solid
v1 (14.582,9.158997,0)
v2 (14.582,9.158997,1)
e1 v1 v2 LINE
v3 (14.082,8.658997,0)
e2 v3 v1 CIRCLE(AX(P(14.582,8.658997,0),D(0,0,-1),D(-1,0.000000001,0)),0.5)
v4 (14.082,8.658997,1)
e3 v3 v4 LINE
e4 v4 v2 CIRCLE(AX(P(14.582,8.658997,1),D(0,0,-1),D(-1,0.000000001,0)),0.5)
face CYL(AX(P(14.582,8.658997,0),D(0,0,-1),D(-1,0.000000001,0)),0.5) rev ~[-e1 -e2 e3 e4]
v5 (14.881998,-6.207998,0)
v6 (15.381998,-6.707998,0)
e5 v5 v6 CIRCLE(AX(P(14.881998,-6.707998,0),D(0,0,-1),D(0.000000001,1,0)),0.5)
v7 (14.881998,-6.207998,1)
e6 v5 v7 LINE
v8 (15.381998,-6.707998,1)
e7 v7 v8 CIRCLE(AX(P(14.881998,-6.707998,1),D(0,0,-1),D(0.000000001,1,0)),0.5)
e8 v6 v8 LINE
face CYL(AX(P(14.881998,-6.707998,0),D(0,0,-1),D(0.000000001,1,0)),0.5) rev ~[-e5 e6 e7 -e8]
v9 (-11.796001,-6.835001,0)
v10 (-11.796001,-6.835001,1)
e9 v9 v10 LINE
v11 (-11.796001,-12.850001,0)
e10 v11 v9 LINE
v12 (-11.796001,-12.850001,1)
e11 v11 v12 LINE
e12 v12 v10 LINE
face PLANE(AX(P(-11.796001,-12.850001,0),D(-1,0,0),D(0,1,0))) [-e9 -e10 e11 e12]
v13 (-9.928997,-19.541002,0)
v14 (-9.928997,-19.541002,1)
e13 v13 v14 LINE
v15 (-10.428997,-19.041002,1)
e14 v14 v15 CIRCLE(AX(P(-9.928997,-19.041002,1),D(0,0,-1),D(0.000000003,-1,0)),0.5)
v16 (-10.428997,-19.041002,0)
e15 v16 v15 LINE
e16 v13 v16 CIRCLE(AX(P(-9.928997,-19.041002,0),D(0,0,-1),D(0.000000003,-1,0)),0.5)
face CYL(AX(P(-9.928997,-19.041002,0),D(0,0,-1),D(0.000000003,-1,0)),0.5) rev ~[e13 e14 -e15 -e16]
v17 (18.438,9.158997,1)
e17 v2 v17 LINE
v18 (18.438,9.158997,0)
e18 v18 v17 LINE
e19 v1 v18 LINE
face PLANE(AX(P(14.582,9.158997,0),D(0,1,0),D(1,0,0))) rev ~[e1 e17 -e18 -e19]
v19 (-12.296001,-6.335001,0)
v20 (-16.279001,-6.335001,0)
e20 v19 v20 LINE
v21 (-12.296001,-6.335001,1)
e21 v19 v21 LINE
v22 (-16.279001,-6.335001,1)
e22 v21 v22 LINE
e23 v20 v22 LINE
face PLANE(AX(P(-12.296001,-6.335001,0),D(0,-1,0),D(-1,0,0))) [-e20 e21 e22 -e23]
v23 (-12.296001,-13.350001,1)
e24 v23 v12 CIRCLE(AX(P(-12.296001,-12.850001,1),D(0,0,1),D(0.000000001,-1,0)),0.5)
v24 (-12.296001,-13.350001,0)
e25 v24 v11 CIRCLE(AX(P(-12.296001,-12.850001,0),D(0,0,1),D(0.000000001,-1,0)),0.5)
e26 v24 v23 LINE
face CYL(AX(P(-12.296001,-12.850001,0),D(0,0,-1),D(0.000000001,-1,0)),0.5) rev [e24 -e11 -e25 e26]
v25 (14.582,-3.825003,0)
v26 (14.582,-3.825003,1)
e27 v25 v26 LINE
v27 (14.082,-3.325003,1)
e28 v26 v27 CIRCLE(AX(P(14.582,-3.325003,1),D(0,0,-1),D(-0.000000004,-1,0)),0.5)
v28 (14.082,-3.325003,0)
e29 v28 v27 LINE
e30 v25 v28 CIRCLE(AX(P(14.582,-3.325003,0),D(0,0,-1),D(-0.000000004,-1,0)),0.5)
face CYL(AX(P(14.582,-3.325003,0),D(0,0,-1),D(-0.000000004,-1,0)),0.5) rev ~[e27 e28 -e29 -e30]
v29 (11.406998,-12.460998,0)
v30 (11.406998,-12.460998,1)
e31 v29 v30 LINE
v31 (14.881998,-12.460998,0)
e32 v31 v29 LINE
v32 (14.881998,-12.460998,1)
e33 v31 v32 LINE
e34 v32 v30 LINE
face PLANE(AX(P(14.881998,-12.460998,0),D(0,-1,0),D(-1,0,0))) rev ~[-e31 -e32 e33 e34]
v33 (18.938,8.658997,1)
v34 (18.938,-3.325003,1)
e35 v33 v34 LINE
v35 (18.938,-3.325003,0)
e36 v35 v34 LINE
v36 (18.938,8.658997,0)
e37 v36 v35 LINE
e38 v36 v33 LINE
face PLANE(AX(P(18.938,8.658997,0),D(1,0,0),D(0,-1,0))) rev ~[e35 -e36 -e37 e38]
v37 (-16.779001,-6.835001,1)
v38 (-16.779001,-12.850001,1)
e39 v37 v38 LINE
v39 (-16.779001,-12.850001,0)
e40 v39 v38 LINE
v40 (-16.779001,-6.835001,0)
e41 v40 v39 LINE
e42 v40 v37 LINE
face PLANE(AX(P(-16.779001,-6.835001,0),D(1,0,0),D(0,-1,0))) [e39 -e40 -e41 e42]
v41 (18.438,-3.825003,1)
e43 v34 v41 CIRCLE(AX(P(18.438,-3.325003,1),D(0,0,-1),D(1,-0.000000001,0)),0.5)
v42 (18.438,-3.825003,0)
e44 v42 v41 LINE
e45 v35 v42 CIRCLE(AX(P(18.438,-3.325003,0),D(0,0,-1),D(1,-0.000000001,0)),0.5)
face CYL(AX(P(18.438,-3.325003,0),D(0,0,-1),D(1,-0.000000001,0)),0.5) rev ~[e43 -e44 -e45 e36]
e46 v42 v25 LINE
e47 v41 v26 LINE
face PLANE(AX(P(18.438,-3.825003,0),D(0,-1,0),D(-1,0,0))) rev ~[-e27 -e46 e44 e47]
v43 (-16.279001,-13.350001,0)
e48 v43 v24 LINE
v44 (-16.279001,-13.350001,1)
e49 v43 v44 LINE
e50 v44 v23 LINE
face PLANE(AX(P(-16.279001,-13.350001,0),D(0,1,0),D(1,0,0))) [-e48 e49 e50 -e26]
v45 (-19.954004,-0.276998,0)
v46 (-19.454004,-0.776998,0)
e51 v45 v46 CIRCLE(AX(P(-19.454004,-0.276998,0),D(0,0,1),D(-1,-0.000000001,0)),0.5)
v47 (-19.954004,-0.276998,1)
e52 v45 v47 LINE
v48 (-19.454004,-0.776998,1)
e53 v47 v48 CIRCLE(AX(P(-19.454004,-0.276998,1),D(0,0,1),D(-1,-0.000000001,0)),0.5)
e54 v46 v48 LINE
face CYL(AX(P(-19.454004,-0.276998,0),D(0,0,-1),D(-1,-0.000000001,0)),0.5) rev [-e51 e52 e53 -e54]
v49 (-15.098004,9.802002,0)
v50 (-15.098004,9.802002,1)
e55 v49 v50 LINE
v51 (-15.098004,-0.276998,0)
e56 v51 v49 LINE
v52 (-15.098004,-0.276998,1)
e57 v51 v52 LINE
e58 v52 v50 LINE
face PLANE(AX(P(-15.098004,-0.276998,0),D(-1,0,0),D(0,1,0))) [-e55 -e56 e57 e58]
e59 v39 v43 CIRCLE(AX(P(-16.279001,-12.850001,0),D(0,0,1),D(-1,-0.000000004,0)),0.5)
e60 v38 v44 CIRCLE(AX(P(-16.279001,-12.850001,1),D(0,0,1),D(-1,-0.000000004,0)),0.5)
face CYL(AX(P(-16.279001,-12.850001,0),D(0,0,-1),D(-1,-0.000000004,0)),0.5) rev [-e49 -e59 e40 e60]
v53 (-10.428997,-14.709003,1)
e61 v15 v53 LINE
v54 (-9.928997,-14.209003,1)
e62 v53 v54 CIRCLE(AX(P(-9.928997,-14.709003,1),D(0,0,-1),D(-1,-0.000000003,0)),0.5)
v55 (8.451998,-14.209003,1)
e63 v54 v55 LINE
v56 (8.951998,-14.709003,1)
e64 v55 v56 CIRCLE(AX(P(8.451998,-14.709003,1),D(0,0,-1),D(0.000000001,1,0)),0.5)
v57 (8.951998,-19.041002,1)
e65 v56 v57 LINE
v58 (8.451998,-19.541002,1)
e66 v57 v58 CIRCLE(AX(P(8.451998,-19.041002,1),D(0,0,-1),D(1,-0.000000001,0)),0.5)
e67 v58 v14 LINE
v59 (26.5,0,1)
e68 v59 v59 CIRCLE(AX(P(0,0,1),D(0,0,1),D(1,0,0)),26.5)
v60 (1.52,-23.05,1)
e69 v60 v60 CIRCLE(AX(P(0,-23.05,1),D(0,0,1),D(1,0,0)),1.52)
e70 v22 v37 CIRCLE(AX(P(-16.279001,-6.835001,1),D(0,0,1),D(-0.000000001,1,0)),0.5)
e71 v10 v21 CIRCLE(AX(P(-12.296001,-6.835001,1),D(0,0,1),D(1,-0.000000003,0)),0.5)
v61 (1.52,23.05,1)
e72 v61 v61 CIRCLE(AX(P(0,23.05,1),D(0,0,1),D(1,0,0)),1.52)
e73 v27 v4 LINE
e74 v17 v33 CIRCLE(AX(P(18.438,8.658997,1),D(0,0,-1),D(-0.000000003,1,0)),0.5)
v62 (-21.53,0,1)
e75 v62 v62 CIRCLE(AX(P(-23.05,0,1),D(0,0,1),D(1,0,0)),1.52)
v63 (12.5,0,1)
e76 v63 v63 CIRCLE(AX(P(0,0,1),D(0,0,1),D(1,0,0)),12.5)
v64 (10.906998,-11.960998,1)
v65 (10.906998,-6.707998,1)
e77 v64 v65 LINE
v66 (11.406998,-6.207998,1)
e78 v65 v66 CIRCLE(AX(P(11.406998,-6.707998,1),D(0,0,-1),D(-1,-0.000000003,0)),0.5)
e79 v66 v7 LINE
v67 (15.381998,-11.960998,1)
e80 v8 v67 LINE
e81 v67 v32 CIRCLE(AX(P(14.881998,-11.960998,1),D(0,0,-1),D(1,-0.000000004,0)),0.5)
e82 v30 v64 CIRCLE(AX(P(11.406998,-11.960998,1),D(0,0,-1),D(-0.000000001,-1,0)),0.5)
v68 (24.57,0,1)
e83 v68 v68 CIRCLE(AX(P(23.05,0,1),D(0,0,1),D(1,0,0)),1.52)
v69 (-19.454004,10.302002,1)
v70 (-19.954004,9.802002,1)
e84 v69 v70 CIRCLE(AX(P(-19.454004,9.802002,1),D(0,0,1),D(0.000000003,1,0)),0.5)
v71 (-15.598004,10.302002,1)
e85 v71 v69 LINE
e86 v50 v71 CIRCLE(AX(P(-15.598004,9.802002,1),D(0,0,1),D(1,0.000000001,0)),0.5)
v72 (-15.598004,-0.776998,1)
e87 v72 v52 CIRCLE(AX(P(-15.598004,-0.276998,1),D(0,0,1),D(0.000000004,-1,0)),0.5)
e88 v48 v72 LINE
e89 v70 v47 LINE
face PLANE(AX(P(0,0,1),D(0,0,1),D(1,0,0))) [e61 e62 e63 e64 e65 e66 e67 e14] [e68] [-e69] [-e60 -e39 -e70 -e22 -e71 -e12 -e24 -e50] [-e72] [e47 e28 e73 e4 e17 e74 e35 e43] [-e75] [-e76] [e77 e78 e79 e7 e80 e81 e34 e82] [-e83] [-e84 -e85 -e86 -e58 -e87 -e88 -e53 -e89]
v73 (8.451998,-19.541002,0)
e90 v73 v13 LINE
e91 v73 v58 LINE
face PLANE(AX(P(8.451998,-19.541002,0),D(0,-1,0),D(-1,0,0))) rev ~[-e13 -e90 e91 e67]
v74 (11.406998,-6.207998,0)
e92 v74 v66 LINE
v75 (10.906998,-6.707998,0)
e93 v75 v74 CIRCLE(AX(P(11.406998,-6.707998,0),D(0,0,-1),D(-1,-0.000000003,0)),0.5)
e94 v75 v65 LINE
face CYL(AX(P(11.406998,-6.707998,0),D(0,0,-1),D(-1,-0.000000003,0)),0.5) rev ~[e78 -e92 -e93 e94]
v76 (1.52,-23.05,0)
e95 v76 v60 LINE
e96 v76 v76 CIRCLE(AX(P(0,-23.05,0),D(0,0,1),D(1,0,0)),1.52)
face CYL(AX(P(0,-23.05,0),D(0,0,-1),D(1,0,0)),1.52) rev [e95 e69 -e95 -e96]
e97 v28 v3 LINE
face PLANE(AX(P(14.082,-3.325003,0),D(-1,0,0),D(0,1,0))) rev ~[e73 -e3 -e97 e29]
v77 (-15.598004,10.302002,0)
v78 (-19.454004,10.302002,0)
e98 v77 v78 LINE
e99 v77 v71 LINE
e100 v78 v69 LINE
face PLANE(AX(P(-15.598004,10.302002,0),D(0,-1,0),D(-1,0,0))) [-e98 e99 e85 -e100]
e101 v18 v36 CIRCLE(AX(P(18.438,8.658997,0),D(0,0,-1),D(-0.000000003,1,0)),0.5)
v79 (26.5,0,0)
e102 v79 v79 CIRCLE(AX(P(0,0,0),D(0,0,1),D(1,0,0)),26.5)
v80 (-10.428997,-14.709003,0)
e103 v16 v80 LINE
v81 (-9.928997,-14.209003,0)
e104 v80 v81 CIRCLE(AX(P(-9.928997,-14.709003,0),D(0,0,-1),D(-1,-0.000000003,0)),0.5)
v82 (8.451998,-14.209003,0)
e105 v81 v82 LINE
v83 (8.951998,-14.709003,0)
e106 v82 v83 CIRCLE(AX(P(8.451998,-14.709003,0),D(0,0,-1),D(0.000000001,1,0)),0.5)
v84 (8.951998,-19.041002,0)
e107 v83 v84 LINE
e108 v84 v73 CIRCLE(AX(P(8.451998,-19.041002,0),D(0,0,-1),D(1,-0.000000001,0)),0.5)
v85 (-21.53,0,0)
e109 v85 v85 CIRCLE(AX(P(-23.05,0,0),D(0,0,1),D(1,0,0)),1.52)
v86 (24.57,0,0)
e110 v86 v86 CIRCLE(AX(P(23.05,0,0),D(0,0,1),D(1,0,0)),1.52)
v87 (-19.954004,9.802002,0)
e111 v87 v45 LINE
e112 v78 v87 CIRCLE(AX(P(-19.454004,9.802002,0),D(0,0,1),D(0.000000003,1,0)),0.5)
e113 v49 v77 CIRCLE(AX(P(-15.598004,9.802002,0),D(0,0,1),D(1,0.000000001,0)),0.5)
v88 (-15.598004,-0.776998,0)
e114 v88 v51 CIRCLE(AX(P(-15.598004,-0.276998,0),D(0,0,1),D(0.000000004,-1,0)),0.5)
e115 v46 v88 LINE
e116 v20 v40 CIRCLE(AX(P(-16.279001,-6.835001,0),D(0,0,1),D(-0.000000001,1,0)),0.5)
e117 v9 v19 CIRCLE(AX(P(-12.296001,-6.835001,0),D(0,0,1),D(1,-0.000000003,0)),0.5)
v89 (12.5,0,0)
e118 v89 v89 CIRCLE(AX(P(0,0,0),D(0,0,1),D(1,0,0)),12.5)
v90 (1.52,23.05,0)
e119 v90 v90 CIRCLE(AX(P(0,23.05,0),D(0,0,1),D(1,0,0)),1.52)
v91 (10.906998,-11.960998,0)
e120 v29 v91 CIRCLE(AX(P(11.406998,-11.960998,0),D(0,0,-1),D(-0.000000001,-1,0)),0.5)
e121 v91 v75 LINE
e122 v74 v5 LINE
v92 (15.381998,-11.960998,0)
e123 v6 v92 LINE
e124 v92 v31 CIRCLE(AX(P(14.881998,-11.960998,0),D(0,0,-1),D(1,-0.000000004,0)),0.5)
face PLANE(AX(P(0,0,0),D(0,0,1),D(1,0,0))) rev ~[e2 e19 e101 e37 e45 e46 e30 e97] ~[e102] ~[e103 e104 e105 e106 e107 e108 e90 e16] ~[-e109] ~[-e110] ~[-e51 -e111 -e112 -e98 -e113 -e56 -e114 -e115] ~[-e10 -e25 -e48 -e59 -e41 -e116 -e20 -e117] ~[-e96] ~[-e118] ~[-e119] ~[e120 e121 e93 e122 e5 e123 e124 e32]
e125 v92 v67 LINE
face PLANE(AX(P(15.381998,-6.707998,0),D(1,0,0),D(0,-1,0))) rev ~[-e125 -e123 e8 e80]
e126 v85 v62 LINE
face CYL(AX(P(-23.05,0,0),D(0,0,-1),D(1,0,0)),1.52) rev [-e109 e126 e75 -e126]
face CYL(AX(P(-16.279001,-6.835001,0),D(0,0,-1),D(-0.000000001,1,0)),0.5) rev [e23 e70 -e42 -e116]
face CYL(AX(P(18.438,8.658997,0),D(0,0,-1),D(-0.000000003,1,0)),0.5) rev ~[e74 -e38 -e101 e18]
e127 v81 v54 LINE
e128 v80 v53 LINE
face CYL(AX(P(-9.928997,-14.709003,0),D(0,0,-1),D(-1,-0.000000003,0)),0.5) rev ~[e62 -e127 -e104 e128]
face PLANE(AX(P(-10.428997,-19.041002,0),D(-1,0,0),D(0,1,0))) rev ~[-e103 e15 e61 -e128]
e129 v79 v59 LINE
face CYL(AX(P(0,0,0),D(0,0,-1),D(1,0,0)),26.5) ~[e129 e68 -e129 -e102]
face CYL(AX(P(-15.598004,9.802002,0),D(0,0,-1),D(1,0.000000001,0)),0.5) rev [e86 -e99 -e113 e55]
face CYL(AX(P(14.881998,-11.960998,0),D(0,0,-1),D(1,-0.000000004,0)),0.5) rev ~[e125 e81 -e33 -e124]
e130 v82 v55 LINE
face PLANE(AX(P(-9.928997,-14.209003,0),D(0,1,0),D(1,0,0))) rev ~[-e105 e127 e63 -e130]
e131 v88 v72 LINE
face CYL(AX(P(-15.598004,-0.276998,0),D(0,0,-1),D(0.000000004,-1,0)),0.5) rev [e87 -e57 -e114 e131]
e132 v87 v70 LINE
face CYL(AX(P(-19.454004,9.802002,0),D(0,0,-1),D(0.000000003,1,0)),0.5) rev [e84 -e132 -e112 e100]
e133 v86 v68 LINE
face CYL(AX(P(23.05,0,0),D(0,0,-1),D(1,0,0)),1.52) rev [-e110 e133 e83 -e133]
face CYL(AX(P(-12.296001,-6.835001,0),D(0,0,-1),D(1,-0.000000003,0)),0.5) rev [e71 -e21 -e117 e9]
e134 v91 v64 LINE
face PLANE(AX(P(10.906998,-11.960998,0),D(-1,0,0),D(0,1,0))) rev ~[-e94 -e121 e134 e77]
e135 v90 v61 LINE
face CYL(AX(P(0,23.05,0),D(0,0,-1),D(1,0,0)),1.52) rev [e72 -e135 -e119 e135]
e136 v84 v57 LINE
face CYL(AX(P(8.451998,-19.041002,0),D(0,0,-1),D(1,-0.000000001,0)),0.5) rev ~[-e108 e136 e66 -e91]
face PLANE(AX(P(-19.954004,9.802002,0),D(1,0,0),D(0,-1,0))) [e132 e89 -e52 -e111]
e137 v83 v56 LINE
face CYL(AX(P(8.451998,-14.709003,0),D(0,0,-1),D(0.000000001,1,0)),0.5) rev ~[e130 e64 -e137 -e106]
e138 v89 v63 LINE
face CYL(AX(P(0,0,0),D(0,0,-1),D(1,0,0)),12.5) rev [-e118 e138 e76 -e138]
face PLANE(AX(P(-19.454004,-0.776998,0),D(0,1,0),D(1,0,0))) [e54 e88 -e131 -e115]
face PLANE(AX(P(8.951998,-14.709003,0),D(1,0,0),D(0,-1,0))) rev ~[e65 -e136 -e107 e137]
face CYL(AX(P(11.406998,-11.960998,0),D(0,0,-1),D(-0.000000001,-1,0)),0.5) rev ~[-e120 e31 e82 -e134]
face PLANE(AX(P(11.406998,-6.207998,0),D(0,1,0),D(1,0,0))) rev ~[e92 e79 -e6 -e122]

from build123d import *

# Parameters (mm, degrees)
SKETCH_1_R          = 26.5
SKETCH_1_R_2        = 12.5
EXTRUDE_1_DEPTH     = 1
CUT_EXTRUDE_START   = 2.5
CUT_EXTRUDE_1_DEPTH = 1
SKETCH_3_R          = 1.52
CUT_EXTRUDE_2_DEPTH = 1


with BuildPart() as part:
    # 草图1 → 凸台-拉伸1 (new body)
    with BuildSketch(Plane.XY):
        Circle(SKETCH_1_R)
        Circle(SKETCH_1_R_2, mode=Mode.SUBTRACT)
    extrude(amount=EXTRUDE_1_DEPTH)

    # 草图2 → 切除-拉伸1 (cut)
    with BuildSketch(Plane(origin=(22.803986485, -9.350307143, -2.5), x_dir=(1, 0, 0), z_dir=(0, 0, 1)).offset(CUT_EXTRUDE_START)):
        with BuildLine():
            Line((-38.401990025, 19.652309401), (-42.257990025, 19.652309401))
            ThreePointArc((-42.257990025, 19.652309401), (-42.611543416, 19.505862792), (-42.757990025, 19.152309401))
            Line((-42.757990025, 19.152309401), (-42.757990025, 9.073309401))
            ThreePointArc((-42.757990025, 9.073309401), (-42.611543416, 8.719756011), (-42.257990025, 8.573309401))
            Line((-42.257990025, 8.573309401), (-38.401990025, 8.573309401))
            ThreePointArc((-38.401990025, 8.573309401), (-38.048436635, 8.719756011), (-37.901990025, 9.073309401))
            Line((-37.901990025, 9.073309401), (-37.901990025, 19.152309401))
            ThreePointArc((-37.901990025, 19.152309401), (-38.048436635, 19.505862792), (-38.401990025, 19.652309401))
        make_face()
        with BuildLine():
            Line((-8.221986913, 18.50930464), (-4.365986913, 18.50930464))
            ThreePointArc((-4.365986913, 18.50930464), (-4.012433522, 18.362858031), (-3.865986913, 18.00930464))
            Line((-3.865986913, 18.00930464), (-3.865986913, 6.02530464))
            ThreePointArc((-3.865986913, 6.02530464), (-4.012433522, 5.67175125), (-4.365986913, 5.52530464))
            Line((-4.365986913, 5.52530464), (-8.221986913, 5.52530464))
            ThreePointArc((-8.221986913, 5.52530464), (-8.575540303, 5.67175125), (-8.721986913, 6.02530464))
            Line((-8.721986913, 6.02530464), (-8.721986913, 18.00930464))
            ThreePointArc((-8.721986913, 18.00930464), (-8.575540303, 18.362858031), (-8.221986913, 18.50930464))
        make_face()
        with BuildLine():
            Line((-32.732983006, -4.858695665), (-14.351988011, -4.858695665))
            ThreePointArc((-14.351988011, -4.858695665), (-13.998434621, -5.005142274), (-13.851988011, -5.358695665))
            Line((-13.851988011, -5.358695665), (-13.851988011, -9.690695176))
            ThreePointArc((-13.851988011, -9.690695176), (-13.998434621, -10.044248567), (-14.351988011, -10.190695176))
            Line((-14.351988011, -10.190695176), (-32.732983006, -10.190695176))
            ThreePointArc((-32.732983006, -10.190695176), (-33.086536397, -10.044248567), (-33.232983006, -9.690695176))
            Line((-33.232983006, -9.690695176), (-33.232983006, -5.358695665))
            ThreePointArc((-33.232983006, -5.358695665), (-33.086536397, -5.005142274), (-32.732983006, -4.858695665))
        make_face()
        with BuildLine():
            Line((-35.099987523, 3.015306044), (-39.082987523, 3.015306044))
            ThreePointArc((-39.082987523, 3.015306044), (-39.436540913, 2.868859435), (-39.582987523, 2.515306044))
            Line((-39.582987523, 2.515306044), (-39.582987523, -3.499693956))
            ThreePointArc((-39.582987523, -3.499693956), (-39.436540913, -3.853247346), (-39.082987523, -3.999693956))
            Line((-39.082987523, -3.999693956), (-35.099987523, -3.999693956))
            ThreePointArc((-35.099987523, -3.999693956), (-34.746434132, -3.853247346), (-34.599987523, -3.499693956))
            Line((-34.599987523, -3.499693956), (-34.599987523, 2.515306044))
            ThreePointArc((-34.599987523, 2.515306044), (-34.746434132, 2.868859435), (-35.099987523, 3.015306044))
        make_face()
        with BuildLine():
            Line((-11.396988316, 3.142309279), (-7.921988316, 3.142309279))
            ThreePointArc((-7.921988316, 3.142309279), (-7.568434926, 2.99586267), (-7.421988316, 2.642309279))
            Line((-7.421988316, 2.642309279), (-7.421988316, -2.610690721))
            ThreePointArc((-7.421988316, -2.610690721), (-7.568434926, -2.964244111), (-7.921988316, -3.110690721))
            Line((-7.921988316, -3.110690721), (-11.396988316, -3.110690721))
            ThreePointArc((-11.396988316, -3.110690721), (-11.750541707, -2.964244111), (-11.896988316, -2.610690721))
            Line((-11.896988316, -2.610690721), (-11.896988316, 2.642309279))
            ThreePointArc((-11.896988316, 2.642309279), (-11.750541707, 2.99586267), (-11.396988316, 3.142309279))
        make_face()
    extrude(amount=CUT_EXTRUDE_1_DEPTH, mode=Mode.SUBTRACT)

    # 草图3 → 切除-拉伸2 (cut)
    with BuildSketch(Plane(origin=(22.803986485, -9.350307143, -2.5), x_dir=(1, 0, 0), z_dir=(0, 0, 1)).offset(CUT_EXTRUDE_START)):
        with Locations((-22.803986485, 32.400306763)):
            Circle(SKETCH_3_R)
        with Locations((-45.853986105, 9.350307143)):
            Circle(SKETCH_3_R)
        with Locations((-22.803986485, -13.699692477)):
            Circle(SKETCH_3_R)
        with Locations((0.246013135, 9.350307143)):
            Circle(SKETCH_3_R)
    extrude(amount=CUT_EXTRUDE_2_DEPTH, mode=Mode.SUBTRACT)


solid = part.part
